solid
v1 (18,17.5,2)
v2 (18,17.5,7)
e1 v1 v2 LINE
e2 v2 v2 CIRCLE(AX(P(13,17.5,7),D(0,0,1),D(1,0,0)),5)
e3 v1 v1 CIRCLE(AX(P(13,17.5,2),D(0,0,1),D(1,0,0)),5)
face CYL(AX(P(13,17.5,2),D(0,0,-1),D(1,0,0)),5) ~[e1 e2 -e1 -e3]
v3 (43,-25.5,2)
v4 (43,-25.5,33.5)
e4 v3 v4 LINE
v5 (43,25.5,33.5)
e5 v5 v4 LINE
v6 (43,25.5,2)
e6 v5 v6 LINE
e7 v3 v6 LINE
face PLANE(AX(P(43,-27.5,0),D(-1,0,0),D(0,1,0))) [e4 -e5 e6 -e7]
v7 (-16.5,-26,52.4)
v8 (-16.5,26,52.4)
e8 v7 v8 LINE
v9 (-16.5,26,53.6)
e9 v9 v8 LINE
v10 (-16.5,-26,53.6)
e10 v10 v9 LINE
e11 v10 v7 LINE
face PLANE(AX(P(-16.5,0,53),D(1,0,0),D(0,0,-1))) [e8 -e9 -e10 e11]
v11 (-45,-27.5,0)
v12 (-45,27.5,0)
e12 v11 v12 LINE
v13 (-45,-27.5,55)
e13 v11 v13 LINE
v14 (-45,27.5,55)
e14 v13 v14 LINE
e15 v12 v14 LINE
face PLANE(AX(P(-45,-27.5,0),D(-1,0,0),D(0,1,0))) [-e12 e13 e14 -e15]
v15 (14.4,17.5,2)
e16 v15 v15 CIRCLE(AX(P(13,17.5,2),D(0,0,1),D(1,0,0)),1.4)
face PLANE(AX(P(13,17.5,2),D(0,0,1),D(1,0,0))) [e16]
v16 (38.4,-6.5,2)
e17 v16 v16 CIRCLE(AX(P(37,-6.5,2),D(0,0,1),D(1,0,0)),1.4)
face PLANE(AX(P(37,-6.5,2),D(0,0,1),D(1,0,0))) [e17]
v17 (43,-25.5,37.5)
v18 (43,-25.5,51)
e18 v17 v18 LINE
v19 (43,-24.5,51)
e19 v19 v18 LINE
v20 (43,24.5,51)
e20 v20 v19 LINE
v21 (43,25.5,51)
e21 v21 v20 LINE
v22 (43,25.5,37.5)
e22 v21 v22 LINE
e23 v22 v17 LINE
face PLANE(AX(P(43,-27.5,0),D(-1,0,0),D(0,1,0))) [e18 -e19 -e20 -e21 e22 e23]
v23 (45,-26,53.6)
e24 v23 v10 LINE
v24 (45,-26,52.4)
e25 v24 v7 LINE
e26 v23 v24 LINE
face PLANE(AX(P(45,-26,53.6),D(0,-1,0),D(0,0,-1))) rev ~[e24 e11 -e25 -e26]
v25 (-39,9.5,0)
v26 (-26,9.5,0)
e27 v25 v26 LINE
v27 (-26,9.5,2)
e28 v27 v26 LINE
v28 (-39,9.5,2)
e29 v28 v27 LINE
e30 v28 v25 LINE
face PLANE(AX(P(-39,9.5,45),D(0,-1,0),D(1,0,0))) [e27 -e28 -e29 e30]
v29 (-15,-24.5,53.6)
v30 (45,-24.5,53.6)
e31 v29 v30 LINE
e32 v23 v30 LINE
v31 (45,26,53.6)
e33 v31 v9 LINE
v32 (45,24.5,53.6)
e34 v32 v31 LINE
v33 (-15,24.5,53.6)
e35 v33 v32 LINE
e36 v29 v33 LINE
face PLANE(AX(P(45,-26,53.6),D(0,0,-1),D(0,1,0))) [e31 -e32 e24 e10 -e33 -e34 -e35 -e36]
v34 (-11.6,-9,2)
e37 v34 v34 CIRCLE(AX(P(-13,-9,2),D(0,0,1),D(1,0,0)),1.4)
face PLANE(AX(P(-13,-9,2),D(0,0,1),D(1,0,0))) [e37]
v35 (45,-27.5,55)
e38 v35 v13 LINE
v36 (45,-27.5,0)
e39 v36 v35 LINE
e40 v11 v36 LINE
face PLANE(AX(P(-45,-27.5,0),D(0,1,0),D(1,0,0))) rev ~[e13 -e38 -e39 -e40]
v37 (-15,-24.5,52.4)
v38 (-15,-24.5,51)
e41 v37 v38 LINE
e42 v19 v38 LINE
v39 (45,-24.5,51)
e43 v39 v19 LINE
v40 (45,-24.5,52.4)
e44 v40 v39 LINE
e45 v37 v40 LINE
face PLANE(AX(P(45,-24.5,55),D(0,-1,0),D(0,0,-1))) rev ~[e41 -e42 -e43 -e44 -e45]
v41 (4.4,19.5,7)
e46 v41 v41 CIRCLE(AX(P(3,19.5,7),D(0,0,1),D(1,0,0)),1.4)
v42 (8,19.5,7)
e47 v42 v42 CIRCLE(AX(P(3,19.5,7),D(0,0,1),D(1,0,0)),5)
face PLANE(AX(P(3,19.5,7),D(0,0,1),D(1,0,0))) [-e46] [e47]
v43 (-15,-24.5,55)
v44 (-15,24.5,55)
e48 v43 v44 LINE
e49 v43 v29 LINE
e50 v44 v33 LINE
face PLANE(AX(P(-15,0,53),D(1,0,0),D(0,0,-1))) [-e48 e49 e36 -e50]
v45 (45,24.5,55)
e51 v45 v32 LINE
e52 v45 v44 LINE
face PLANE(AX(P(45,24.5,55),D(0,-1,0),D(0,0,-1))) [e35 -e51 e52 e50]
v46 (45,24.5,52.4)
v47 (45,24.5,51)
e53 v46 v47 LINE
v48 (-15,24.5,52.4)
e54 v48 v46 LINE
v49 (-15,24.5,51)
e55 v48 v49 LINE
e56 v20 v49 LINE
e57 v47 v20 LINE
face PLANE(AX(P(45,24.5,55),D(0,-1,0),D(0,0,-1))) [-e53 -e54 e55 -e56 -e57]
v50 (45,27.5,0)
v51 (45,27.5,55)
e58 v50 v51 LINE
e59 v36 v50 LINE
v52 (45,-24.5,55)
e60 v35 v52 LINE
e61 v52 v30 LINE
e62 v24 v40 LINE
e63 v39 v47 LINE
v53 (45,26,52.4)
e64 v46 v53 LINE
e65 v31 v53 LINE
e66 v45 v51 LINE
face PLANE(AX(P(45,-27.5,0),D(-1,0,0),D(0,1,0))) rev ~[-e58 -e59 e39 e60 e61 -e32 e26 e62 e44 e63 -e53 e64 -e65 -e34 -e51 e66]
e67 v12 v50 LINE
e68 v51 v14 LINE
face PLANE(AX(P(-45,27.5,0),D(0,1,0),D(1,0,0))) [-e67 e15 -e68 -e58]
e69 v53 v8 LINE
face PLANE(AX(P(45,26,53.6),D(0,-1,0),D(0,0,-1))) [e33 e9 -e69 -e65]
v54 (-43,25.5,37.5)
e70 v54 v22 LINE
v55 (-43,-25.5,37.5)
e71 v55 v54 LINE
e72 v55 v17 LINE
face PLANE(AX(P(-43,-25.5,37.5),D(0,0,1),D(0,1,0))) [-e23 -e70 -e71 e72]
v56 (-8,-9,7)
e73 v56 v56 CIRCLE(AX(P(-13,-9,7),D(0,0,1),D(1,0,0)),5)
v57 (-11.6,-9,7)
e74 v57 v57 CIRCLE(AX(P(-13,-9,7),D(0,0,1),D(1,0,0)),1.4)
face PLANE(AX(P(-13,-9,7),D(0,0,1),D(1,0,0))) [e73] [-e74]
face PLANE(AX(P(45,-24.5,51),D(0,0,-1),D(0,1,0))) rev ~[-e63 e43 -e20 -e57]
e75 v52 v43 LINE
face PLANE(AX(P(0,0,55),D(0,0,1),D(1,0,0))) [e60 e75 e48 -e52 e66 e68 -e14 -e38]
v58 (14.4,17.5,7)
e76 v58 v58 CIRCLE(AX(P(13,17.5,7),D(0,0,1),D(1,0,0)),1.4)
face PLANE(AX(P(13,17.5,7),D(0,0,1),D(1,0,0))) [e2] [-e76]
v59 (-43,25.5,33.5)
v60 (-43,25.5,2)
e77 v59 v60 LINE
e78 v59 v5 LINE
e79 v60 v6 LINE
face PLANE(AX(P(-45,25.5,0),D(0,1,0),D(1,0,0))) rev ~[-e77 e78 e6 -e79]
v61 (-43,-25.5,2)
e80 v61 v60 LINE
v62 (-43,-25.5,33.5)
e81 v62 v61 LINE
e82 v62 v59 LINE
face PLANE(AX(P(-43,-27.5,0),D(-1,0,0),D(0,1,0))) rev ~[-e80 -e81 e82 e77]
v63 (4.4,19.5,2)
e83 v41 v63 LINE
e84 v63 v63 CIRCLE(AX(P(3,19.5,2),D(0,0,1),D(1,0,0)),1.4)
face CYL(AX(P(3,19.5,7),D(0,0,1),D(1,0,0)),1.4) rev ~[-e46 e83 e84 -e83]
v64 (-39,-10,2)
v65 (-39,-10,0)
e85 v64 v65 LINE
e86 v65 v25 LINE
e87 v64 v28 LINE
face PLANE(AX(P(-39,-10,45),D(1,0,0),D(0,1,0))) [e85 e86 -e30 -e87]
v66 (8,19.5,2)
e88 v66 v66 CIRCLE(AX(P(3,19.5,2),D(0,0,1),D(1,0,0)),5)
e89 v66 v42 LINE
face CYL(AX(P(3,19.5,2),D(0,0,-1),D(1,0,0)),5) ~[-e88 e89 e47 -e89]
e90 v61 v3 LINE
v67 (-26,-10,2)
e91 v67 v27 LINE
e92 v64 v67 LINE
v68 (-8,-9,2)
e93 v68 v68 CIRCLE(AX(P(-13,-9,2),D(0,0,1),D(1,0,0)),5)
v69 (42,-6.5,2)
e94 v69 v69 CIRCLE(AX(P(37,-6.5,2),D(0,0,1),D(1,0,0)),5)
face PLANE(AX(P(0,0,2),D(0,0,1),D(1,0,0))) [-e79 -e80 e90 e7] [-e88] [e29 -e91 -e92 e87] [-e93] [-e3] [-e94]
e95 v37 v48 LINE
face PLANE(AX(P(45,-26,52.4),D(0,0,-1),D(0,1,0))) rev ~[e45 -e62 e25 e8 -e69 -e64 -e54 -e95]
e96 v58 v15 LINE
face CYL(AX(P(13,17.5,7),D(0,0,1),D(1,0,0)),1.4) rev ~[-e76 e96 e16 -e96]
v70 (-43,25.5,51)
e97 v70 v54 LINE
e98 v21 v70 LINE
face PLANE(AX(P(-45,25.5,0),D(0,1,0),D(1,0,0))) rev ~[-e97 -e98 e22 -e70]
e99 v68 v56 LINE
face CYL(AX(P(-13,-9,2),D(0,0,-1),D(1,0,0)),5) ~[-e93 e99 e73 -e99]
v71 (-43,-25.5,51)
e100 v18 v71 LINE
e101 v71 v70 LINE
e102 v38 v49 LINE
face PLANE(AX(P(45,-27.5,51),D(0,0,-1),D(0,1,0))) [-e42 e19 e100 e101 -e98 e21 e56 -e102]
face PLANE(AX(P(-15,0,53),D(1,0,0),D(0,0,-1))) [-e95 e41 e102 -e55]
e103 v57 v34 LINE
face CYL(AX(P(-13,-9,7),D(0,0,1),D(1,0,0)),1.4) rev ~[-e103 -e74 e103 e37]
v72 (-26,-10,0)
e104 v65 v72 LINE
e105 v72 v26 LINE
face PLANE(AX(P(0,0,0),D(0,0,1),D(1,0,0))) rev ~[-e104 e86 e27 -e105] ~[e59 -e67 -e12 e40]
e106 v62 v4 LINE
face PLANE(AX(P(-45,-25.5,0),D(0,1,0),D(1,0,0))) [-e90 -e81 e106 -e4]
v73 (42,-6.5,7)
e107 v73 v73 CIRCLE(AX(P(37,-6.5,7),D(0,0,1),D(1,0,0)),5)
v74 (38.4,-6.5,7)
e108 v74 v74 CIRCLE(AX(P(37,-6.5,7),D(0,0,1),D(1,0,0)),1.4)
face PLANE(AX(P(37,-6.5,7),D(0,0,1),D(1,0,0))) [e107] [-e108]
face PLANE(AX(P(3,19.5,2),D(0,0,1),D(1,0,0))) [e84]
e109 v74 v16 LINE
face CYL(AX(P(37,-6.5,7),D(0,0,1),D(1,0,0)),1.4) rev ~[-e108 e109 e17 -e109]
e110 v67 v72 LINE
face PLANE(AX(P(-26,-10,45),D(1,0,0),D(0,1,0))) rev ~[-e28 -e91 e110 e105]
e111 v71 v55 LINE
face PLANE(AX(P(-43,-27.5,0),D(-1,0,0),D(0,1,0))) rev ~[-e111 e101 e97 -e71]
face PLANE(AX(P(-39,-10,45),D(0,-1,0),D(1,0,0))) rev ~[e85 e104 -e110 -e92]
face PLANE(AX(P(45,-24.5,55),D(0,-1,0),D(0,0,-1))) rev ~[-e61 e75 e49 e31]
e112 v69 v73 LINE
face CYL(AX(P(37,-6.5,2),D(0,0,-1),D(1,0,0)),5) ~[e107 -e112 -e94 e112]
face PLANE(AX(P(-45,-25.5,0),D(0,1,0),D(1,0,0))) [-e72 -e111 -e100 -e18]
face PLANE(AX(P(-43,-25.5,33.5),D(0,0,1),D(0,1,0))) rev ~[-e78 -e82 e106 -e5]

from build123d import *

# Parameters (mm, degrees)
SKETCH1_W           = 90
SKETCH1_H           = 55
BOSS_EXTRUDE1_DEPTH = 55
SHELL1_T            = -2
SKETCH2_W           = 4
SKETCH2_H           = 55
BOSS_EXTRUDE2_DEPTH = 88
SKETCH3_W           = 4
SKETCH3_H           = 49
CUT_EXTRUDE1_DEPTH  = 60
SKETCH4_W           = 1.2
SKETCH4_H           = 52
CUT_EXTRUDE2_DEPTH  = 61.5
CUT_EXTRUDE3_START  = -10
SKETCH5_W           = 13
SKETCH5_H           = 19.5
CUT_EXTRUDE3_DEPTH  = 46
SKETCH7_R           = 5
BOSS_EXTRUDE3_DEPTH = 5
SKETCH8_R           = 1.4
CUT_EXTRUDE4_DEPTH  = 5
BOSS_EXTRUDE4_REACH = 90
SKETCH9_W           = 4
SKETCH9_H           = 51


with BuildPart() as part:
    # Sketch1 → Boss-Extrude1 (new body)
    with BuildSketch(Plane.XY):
        Rectangle(SKETCH1_W, SKETCH1_H)
    extrude(amount=BOSS_EXTRUDE1_DEPTH)

    # Shell1
    shell1_openings = [part.faces().sort_by_distance(p)[0] for p in [
        (0, 0, 55),
    ]]
    offset(amount=SHELL1_T, openings=shell1_openings, kind=Kind.INTERSECTION)

    # Sketch2 → Boss-Extrude2 (add)
    with BuildSketch(Plane(origin=(45, 0, 0), x_dir=(0, 0, -1), z_dir=(1, 0, 0))):
        with Locations((-53, 0)):
            Rectangle(SKETCH2_W, SKETCH2_H)
    extrude(amount=-BOSS_EXTRUDE2_DEPTH)

    # Sketch3 → Cut-Extrude1 (cut)
    with BuildSketch(Plane(origin=(45, 0, 0), x_dir=(0, 0, -1), z_dir=(1, 0, 0))):
        with Locations((-53, 0)):
            Rectangle(SKETCH3_W, SKETCH3_H)
    extrude(amount=-CUT_EXTRUDE1_DEPTH, mode=Mode.SUBTRACT)

    # Sketch4 → Cut-Extrude2 (cut)
    with BuildSketch(Plane(origin=(45, 0, 0), x_dir=(0, 0, -1), z_dir=(1, 0, 0))):
        with Locations((-53, 0)):
            Rectangle(SKETCH4_W, SKETCH4_H)
    extrude(amount=-CUT_EXTRUDE2_DEPTH, mode=Mode.SUBTRACT)

    # Sketch5 → Cut-Extrude3 (cut, through all)
    with BuildSketch(Plane.XY.offset(55).offset(CUT_EXTRUDE3_START)):
        with Locations((-32.5, -0.25)):
            Rectangle(SKETCH5_W, SKETCH5_H)
    extrude(amount=-CUT_EXTRUDE3_DEPTH, mode=Mode.SUBTRACT)

    # Sketch7 → Boss-Extrude3 (add)
    with BuildSketch(Plane.XY.offset(2)):
        with Locations((3, 19.5)):
            Circle(SKETCH7_R)
        with Locations((-13, -9)):
            Circle(SKETCH7_R)
        with Locations((13, 17.5)):
            Circle(SKETCH7_R)
        with Locations((37, -6.5)):
            Circle(SKETCH7_R)
    extrude(amount=BOSS_EXTRUDE3_DEPTH)

    # Sketch8 → Cut-Extrude4 (cut)
    with BuildSketch(Plane.XY.offset(7)):
        with Locations((13, 17.5)):
            Circle(SKETCH8_R)
        with Locations((-13, -9)):
            Circle(SKETCH8_R)
        with Locations((37, -6.5)):
            Circle(SKETCH8_R)
        with Locations((3, 19.5)):
            Circle(SKETCH8_R)
    extrude(amount=-CUT_EXTRUDE4_DEPTH, mode=Mode.SUBTRACT)

    # Sketch9 → Boss-Extrude4 (add, up to next)
    with BuildSketch(Plane(origin=(-43, 0, 0), x_dir=(0, 0, -1), z_dir=(1, 0, 0)), mode=Mode.PRIVATE) as boss_extrude4_sk1:
        with Locations((-35.5, 0)):
            Rectangle(SKETCH9_W, SKETCH9_H)
    boss_extrude4_tool1 = extrude(boss_extrude4_sk1.sketch, amount=BOSS_EXTRUDE4_REACH, mode=Mode.PRIVATE) - part.part
    add(boss_extrude4_tool1.solids().sort_by_distance((-43, 0, 35.5))[0])


solid = part.part
